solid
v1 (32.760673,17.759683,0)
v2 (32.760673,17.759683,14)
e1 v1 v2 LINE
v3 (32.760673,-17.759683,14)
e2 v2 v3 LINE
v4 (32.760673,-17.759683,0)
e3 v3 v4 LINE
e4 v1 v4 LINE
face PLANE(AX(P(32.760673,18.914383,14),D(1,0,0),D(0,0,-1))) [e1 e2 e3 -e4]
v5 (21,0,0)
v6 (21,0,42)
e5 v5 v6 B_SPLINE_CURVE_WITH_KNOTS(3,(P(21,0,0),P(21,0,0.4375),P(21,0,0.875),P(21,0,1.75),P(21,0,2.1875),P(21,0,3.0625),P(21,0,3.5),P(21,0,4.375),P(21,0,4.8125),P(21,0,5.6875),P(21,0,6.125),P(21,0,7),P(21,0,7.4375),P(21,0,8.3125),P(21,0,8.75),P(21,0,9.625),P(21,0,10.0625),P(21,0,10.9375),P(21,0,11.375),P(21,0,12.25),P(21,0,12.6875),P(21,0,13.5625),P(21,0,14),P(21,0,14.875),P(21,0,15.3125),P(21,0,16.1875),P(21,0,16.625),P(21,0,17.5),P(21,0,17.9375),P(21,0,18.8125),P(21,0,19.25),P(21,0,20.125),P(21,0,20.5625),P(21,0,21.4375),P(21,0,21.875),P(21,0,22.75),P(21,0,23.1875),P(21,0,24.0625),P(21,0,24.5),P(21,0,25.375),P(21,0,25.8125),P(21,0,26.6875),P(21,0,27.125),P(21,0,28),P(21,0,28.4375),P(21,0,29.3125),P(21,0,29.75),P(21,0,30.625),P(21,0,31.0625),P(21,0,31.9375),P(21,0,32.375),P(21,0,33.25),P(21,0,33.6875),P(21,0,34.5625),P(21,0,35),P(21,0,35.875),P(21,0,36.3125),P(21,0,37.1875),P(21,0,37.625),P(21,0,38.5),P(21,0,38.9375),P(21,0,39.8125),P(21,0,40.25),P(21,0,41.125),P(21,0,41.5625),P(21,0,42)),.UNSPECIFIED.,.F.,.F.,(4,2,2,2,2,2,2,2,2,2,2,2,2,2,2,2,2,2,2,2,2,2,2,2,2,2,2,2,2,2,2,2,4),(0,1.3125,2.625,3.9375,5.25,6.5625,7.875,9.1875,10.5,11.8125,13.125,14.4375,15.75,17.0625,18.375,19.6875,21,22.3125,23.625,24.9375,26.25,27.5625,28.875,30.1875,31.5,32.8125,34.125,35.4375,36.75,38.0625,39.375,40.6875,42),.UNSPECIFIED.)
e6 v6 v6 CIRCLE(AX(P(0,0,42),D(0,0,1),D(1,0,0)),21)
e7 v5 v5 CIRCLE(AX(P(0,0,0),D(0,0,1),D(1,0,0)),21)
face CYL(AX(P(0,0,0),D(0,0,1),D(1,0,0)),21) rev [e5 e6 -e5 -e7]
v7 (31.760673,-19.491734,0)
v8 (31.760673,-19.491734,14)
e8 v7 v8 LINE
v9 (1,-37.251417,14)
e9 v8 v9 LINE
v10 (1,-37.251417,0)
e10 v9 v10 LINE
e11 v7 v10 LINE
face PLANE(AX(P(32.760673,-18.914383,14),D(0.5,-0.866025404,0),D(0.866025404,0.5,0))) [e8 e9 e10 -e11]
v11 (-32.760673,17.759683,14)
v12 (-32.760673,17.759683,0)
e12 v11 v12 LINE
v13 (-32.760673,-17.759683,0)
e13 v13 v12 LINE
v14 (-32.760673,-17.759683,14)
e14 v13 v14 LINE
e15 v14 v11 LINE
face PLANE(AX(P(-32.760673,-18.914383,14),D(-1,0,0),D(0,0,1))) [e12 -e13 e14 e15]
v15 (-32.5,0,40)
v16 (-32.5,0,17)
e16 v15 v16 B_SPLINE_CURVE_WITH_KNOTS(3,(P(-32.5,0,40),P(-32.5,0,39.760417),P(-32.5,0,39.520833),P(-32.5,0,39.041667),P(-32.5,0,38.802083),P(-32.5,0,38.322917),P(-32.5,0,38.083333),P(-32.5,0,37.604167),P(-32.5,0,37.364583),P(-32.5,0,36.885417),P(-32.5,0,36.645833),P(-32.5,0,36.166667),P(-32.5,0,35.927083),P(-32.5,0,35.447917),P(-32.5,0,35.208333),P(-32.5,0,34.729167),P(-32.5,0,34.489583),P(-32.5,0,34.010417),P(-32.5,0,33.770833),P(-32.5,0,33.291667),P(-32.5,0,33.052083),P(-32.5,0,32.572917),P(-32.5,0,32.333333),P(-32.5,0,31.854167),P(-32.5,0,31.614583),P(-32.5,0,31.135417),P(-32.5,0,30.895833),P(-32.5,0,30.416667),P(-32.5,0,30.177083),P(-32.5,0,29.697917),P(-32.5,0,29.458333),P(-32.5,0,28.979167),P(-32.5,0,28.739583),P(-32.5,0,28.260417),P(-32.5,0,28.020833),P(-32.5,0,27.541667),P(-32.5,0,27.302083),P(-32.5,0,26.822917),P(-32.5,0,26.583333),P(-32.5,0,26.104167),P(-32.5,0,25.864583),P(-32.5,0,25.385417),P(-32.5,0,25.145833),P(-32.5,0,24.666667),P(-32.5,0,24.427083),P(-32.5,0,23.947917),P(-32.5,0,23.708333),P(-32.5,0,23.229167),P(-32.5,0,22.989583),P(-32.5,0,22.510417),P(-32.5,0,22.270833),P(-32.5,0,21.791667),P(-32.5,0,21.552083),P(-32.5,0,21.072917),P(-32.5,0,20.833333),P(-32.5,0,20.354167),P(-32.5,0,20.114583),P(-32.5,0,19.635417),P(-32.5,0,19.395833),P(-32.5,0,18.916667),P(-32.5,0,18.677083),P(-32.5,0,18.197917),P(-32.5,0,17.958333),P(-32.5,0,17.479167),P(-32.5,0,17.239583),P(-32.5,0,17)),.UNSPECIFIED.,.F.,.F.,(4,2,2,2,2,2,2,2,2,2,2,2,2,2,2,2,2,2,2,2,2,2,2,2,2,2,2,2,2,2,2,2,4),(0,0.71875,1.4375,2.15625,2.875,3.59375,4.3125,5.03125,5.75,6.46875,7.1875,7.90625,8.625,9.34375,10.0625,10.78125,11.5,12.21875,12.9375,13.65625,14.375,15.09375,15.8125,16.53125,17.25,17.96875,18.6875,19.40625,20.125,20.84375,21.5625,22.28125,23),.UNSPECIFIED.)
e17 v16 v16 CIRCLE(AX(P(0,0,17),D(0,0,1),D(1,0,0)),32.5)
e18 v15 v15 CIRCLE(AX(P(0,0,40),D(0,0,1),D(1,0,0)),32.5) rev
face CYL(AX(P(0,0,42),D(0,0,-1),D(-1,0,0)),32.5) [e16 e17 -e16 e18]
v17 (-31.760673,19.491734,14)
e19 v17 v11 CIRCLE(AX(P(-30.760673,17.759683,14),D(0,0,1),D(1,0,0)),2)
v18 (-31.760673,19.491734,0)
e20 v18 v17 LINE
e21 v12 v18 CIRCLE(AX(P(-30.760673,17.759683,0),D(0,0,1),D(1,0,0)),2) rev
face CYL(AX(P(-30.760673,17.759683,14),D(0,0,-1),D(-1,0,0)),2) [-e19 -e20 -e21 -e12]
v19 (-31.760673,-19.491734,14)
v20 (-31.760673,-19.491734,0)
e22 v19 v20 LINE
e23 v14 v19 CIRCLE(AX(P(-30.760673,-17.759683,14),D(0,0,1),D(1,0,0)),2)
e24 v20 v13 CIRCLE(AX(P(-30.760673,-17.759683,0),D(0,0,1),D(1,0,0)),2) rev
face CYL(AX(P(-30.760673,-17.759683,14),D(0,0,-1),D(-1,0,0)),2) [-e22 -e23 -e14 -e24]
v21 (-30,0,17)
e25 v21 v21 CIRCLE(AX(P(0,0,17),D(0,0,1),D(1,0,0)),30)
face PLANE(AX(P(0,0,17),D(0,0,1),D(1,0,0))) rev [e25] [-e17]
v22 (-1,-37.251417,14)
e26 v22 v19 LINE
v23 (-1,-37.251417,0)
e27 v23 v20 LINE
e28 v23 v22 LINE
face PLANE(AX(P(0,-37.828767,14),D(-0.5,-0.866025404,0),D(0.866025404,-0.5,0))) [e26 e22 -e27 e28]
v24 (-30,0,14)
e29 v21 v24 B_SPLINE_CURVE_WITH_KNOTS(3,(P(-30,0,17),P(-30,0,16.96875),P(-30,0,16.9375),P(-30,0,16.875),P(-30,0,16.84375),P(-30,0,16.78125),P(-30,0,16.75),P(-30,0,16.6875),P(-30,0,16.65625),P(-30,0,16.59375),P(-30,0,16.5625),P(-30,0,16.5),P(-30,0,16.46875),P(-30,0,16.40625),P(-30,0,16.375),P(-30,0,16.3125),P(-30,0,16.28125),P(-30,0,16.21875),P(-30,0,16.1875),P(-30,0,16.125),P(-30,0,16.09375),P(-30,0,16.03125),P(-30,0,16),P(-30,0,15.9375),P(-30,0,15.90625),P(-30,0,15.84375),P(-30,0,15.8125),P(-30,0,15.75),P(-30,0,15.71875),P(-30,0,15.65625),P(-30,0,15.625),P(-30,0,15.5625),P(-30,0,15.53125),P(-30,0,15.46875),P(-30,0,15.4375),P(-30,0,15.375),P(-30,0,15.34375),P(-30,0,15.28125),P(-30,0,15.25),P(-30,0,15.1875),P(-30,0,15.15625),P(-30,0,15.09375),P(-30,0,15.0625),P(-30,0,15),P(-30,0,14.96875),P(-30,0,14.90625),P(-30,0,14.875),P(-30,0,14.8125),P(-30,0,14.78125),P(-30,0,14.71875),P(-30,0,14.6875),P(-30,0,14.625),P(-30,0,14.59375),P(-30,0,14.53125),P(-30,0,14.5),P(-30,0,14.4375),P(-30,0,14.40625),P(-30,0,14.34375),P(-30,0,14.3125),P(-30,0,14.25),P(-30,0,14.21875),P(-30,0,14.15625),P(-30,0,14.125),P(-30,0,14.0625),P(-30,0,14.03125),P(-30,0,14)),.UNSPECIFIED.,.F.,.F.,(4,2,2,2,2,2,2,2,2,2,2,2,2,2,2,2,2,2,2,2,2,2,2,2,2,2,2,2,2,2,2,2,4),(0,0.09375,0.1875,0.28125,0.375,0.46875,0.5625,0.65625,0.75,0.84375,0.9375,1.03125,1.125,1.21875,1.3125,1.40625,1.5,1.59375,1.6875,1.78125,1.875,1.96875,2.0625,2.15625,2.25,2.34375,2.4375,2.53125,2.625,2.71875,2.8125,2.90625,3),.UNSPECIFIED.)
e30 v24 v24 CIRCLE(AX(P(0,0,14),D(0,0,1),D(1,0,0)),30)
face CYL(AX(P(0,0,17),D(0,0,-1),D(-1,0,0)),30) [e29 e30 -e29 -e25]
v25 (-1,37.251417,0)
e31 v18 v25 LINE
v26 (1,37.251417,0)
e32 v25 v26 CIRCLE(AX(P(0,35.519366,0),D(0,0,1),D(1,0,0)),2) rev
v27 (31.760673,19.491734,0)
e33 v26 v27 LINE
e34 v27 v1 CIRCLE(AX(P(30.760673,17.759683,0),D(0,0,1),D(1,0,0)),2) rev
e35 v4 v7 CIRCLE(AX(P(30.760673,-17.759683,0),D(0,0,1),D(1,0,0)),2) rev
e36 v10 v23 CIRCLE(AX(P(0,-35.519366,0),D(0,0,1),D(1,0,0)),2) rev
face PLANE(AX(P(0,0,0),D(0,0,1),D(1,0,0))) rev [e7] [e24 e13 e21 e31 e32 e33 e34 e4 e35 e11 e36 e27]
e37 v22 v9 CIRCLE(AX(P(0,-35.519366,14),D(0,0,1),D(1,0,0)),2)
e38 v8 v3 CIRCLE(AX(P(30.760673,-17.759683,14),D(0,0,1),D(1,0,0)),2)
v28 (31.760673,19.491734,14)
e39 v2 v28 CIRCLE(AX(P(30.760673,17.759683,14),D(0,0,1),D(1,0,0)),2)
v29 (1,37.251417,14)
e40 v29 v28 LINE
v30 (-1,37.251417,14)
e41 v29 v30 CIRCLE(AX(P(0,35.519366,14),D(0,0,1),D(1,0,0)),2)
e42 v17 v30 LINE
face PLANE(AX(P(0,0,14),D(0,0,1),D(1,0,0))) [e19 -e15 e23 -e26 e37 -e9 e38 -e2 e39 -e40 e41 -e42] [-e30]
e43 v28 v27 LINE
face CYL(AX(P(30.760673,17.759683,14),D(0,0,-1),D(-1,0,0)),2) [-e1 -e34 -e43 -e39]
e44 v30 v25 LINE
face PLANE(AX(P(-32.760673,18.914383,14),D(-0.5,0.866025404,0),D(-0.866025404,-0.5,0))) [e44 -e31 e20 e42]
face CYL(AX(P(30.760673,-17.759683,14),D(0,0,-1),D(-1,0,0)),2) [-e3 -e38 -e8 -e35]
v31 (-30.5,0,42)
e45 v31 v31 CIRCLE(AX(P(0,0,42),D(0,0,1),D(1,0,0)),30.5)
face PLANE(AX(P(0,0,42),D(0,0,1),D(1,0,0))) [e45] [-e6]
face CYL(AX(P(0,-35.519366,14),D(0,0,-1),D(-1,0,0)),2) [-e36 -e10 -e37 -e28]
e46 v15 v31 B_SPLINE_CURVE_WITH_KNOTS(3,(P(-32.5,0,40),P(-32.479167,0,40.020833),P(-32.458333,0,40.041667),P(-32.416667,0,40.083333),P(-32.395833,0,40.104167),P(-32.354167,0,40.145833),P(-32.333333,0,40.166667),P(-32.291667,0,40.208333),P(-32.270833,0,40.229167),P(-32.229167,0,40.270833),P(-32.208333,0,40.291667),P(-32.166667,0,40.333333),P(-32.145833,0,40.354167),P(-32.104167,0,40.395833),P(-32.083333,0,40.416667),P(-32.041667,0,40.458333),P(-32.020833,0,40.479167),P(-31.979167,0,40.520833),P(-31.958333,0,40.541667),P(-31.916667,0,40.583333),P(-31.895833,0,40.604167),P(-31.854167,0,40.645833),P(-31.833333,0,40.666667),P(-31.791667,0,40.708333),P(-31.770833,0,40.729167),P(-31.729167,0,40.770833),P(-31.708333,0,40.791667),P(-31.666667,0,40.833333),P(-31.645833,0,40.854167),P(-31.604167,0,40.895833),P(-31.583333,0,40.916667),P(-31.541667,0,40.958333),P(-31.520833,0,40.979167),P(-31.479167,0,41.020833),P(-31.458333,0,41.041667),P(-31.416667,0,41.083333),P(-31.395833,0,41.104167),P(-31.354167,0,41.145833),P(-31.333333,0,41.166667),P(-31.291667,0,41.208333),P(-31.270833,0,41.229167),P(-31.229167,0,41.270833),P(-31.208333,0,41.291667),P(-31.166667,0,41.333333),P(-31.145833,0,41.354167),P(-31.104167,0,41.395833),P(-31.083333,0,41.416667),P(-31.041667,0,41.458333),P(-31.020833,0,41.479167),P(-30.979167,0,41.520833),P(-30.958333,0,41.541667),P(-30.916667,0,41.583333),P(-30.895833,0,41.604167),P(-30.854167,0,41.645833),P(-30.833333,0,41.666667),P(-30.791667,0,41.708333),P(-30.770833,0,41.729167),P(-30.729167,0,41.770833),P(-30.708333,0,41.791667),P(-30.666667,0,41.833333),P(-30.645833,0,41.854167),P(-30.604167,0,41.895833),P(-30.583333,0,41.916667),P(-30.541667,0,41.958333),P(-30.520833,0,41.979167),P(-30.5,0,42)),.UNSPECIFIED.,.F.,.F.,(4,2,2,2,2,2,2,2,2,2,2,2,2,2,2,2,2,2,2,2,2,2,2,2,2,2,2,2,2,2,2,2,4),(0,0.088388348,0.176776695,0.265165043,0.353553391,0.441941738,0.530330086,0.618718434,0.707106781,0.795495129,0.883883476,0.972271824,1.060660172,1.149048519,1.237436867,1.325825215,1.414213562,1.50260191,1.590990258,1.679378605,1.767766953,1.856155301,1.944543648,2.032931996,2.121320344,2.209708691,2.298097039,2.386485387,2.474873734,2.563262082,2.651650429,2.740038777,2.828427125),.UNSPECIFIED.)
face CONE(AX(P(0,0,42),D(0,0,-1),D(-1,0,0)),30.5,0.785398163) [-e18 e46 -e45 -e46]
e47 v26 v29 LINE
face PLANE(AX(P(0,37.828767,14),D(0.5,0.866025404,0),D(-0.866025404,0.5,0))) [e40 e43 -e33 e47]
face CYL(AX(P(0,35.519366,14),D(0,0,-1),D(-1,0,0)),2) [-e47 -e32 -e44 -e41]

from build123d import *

# Parameters (mm, degrees)
SKETCH1_R           = 32.5
BOSS_EXTRUDE1_DEPTH = 42
CUT_EXTRUDE1_START  = -28
SKETCH2_R           = 32.5
SKETCH2_R_2         = 30
CUT_EXTRUDE1_DEPTH  = 3
BOSS_EXTRUDE2_DEPTH = 14
FILLET1_R           = 2
CHAMFER1_SIZE       = 2
SKETCH4_R           = 21
CUT_EXTRUDE3_DEPTH  = 66.153392256


with BuildPart() as part:
    # Sketch1 → Boss-Extrude1 (new body)
    with BuildSketch(Plane.XY):
        with Locations(Location((0, 0, 0), (0, 0, 180))):
            Circle(SKETCH1_R)
    extrude(amount=BOSS_EXTRUDE1_DEPTH)

    # Sketch2 → Cut-Extrude1 (cut)
    with BuildSketch(Plane.XY.offset(42).offset(CUT_EXTRUDE1_START)):
        with Locations(Location((0, 0, 0), (0, 0, 180))):
            Circle(SKETCH2_R)
        Circle(SKETCH2_R_2, mode=Mode.SUBTRACT)
    extrude(amount=CUT_EXTRUDE1_DEPTH, mode=Mode.SUBTRACT)

    # Sketch3 → Boss-Extrude2 (add)
    with BuildSketch(Plane(origin=(0, 0, 0), x_dir=(-1, 0, 0), z_dir=(0, 0, -1))):
        Polygon((0, -37.828766952), (32.760673174, -18.914383476), (32.760673174, 18.914383476), (0, 37.828766952), (-32.760673174, 18.914383476), (-32.760673174, -18.914383476), align=None)
    extrude(amount=-BOSS_EXTRUDE2_DEPTH)

    # Fillet1
    fillet1_edges = [part.edges().sort_by_distance(p)[0] for p in [
        (0, -37.828766952, 7),
        (32.760673174, -18.914383476, 7),
        (32.760673174, 18.914383476, 7),
        (0, 37.828766952, 7),
        (-32.760673174, 18.914383476, 7),
        (-32.760673174, -18.914383476, 7),
    ]]
    fillet(fillet1_edges, radius=FILLET1_R)

    # Chamfer1
    chamfer1_edges = [part.edges().sort_by_distance(p)[0] for p in [
        (32.5, 0, 42),
    ]]
    chamfer(chamfer1_edges, length=CHAMFER1_SIZE)

    # Sketch4 → Cut-Extrude3 (cut, through all)
    with BuildSketch(Plane.XY.offset(42)):
        Circle(SKETCH4_R)
    extrude(amount=-CUT_EXTRUDE3_DEPTH, mode=Mode.SUBTRACT)


solid = part.part
